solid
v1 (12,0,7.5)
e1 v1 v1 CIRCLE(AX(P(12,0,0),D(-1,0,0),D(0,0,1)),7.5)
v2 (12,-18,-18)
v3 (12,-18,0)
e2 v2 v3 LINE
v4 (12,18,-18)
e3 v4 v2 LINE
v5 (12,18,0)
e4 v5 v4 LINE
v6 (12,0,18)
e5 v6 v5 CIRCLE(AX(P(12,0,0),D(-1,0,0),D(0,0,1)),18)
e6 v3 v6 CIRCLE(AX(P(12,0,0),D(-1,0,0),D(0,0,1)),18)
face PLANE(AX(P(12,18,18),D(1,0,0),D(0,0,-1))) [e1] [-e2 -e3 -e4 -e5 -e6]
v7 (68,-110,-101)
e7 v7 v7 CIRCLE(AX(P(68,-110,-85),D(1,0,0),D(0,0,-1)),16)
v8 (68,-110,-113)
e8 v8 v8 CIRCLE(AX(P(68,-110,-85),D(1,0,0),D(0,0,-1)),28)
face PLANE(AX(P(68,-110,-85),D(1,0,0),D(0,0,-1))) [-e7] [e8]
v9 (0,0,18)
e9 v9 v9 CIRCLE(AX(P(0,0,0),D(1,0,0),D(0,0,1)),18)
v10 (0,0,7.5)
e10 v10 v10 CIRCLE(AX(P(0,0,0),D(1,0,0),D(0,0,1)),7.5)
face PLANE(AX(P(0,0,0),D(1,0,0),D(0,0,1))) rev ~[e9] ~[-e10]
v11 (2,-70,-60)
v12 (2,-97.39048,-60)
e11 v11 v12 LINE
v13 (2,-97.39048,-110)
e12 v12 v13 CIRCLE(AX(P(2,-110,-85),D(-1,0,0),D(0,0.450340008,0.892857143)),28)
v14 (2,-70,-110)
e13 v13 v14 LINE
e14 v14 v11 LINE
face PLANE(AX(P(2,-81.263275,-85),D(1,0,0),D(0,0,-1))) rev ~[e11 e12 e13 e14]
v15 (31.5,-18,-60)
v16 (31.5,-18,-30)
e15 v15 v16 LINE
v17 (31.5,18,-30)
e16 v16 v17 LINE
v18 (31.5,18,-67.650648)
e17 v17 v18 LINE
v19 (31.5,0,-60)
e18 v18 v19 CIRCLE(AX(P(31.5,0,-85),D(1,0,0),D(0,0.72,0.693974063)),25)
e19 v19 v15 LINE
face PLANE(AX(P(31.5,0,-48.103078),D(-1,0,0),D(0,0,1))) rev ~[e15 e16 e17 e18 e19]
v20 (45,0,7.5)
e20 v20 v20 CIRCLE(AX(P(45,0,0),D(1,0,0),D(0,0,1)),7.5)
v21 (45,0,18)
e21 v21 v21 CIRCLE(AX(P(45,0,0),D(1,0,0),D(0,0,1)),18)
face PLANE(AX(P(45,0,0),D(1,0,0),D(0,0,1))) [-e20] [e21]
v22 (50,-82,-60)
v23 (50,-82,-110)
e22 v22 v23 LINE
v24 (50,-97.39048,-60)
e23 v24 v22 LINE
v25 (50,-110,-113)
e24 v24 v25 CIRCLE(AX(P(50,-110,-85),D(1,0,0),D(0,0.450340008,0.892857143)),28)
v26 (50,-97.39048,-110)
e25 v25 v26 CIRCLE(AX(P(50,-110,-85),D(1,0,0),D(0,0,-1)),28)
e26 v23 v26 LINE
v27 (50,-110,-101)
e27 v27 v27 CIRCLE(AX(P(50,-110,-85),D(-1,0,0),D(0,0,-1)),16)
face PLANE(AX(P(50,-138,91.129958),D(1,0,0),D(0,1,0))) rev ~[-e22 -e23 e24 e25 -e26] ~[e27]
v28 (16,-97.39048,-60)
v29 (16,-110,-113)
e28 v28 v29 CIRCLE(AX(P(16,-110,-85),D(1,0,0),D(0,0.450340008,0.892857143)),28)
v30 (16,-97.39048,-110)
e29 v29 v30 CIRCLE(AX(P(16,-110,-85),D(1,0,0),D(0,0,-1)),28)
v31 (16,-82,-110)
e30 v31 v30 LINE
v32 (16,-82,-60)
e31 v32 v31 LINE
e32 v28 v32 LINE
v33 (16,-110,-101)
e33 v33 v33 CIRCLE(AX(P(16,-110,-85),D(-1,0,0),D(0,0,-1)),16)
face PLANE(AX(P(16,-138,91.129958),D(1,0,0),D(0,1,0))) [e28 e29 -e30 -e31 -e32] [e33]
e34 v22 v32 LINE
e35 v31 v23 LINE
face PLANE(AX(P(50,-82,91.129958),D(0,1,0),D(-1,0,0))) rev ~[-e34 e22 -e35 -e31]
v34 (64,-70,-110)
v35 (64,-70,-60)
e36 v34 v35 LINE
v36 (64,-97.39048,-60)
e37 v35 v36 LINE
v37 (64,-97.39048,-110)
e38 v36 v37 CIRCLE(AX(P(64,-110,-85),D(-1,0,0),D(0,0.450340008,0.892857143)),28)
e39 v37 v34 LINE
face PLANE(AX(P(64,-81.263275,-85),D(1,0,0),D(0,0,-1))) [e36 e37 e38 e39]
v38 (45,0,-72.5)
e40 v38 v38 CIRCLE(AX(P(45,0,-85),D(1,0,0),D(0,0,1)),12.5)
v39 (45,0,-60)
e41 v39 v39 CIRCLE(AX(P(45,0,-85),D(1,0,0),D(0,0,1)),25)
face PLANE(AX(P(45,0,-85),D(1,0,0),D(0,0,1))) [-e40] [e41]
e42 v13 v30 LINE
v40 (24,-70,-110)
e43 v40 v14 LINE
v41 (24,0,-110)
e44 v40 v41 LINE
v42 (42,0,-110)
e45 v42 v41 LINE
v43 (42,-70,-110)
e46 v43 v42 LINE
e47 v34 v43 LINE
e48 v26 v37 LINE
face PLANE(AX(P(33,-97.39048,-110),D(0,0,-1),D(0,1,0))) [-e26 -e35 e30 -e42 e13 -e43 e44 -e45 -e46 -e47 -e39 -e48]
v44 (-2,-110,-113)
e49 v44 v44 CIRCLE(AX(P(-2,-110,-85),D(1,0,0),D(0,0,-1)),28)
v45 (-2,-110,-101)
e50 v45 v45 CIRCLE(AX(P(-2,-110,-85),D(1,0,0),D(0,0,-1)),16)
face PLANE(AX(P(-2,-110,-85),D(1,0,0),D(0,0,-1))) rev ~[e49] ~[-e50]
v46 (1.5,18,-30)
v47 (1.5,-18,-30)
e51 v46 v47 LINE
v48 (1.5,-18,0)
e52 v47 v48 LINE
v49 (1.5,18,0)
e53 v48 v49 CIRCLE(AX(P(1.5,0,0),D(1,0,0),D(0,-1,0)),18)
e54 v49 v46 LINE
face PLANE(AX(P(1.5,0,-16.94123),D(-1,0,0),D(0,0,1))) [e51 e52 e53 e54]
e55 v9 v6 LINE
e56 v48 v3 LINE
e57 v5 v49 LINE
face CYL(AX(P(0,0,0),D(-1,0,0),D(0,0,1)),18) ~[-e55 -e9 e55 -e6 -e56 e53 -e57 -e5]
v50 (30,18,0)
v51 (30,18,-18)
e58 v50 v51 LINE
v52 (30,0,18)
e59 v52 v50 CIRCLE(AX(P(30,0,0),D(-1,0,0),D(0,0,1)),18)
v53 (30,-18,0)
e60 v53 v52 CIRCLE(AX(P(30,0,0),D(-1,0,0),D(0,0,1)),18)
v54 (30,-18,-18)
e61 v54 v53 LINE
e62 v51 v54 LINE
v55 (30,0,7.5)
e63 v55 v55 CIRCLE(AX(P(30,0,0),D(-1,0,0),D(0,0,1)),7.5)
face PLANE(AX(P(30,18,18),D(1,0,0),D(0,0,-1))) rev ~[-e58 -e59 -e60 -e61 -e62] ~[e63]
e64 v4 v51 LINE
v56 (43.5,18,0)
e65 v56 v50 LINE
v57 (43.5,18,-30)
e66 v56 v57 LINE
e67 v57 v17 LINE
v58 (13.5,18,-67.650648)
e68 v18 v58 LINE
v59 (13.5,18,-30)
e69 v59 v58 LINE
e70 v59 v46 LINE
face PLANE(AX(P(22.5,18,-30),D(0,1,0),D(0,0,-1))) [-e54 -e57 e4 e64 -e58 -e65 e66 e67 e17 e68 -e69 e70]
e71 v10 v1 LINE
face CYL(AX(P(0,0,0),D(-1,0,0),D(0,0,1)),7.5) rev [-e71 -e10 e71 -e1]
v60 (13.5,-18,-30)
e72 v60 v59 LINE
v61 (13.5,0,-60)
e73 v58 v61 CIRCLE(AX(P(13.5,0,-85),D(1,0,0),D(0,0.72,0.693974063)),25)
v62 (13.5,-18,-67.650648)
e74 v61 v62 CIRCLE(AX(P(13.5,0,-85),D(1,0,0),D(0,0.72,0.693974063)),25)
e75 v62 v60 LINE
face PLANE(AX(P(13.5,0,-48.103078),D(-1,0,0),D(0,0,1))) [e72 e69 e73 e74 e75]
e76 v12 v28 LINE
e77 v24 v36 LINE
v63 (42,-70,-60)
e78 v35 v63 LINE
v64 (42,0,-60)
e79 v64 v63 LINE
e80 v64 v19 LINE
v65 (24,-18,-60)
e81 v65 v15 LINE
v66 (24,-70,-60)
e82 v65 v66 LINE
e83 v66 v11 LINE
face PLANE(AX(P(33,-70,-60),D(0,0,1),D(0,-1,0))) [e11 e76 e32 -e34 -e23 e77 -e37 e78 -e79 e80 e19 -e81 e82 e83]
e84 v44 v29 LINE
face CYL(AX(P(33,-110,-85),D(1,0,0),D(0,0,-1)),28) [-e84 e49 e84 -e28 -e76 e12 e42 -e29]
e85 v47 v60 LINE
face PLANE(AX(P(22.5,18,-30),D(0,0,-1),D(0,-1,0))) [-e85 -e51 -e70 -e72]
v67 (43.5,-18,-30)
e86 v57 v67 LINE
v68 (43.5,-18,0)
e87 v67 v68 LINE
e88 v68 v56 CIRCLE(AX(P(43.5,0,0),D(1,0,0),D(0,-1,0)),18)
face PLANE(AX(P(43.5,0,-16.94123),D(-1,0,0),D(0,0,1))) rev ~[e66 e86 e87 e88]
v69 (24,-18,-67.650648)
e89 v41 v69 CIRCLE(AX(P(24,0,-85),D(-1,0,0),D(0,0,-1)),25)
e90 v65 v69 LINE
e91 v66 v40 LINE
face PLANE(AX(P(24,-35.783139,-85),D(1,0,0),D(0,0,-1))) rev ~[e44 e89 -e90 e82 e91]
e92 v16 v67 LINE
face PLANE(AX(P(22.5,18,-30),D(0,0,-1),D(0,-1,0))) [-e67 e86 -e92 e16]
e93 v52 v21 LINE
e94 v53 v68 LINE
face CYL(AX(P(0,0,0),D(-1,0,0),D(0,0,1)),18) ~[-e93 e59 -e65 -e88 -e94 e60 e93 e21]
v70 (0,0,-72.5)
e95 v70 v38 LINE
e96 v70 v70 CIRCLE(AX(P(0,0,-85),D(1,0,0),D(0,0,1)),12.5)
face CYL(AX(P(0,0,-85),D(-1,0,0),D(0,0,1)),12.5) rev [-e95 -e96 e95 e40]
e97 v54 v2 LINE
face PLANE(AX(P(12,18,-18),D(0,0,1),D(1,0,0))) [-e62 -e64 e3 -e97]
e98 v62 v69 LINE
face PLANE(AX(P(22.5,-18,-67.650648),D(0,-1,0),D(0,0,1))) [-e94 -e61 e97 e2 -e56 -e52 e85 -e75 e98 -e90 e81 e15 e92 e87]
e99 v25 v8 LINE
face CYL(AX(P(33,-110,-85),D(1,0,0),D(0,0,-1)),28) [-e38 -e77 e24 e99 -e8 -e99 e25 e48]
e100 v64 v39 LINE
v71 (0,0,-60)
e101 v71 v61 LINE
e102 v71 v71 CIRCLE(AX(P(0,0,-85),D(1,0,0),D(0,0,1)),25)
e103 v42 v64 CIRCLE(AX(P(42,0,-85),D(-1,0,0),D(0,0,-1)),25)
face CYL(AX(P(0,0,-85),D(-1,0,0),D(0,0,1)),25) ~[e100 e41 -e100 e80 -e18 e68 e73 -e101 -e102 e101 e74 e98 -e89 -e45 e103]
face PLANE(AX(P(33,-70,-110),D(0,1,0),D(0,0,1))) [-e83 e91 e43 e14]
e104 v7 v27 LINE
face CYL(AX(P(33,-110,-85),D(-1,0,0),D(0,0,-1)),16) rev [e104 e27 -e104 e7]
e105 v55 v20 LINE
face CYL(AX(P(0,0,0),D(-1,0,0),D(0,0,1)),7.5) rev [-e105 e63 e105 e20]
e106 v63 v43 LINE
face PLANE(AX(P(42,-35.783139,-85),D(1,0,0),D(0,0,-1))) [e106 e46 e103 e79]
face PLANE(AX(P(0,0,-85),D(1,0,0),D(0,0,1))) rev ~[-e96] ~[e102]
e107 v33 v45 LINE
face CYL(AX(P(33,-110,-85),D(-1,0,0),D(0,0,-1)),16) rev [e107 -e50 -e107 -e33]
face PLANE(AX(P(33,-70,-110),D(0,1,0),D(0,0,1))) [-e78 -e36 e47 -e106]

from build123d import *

# Parameters (mm, degrees)
ESQUISSE1_R                  = 18
ESQUISSE1_R_2                = 7.5
BOSS_EXTRU_1_DEPTH           = 45
ESQUISSE1_R_3                = 25
ESQUISSE1_R_4                = 12.5
BOSS_EXTRU_1_2_DEPTH         = 45
BOSS_EXTRU_2_START           = -3
BOSS_EXTRU_2_DEPTH           = 18
ESQUISSE4_R                  = 28
ESQUISSE4_R_2                = 16
BOSS_EXTRU_3_DEPTH           = 35
BOSS_EXTRU_4_DEPTH           = 31
ENL_V_MAT_EXTRU_1_DEPTH      = 201.129957777
ENL_V_MAT_EXTRU_1_DEPTH_BACK = 201.129957777
ESQUISSE6_W                  = 34
ESQUISSE6_H                  = 56
BOSS_EXTRU_5_DEPTH           = 21
BOSS_EXTRU_6_DEPTH           = 9
ESQUISSE10_W                 = 18
ESQUISSE10_H                 = 36
ENL_V_MAT_EXTRU_2_DEPTH      = 205.276773031


with BuildPart() as part:
    # Esquisse1 → Boss.-Extru.1 (new body)
    with BuildSketch(Plane(origin=(0, 0, 0), x_dir=(0, 0, -1), z_dir=(1, 0, 0))):
        Circle(ESQUISSE1_R)
        Circle(ESQUISSE1_R_2, mode=Mode.SUBTRACT)
    extrude(amount=BOSS_EXTRU_1_DEPTH)

    # Esquisse7 → Boss.-Extru.5 (add, symmetric)
    with BuildSketch(Plane.ZY.offset(-22.5)):
        with BuildLine():
            ThreePointArc((0, -18), (-18, 0), (0, 18))
            Line((0, 18), (-30, 18))
            Line((-30, 18), (-30, -18))
            Line((-30, -18), (0, -18))
        make_face()
    extrude(amount=BOSS_EXTRU_5_DEPTH, both=True)



with BuildPart() as body_2:
    # Esquisse1 → Boss.-Extru.1 2 (new body)
    with BuildSketch(Plane(origin=(0, 0, 0), x_dir=(0, 0, -1), z_dir=(1, 0, 0))):
        with Locations((85, 0)):
            Circle(ESQUISSE1_R_3)
        with Locations((85, 0)):
            Circle(ESQUISSE1_R_4, mode=Mode.SUBTRACT)
    extrude(amount=BOSS_EXTRU_1_2_DEPTH)

    # Esquisse3 → Boss.-Extru.2 (add)
    with BuildSketch(Plane(origin=(45, 0, 0), x_dir=(0, 0, -1), z_dir=(1, 0, 0)).offset(BOSS_EXTRU_2_START)):
        with BuildLine():
            Line((60, 0), (60, -70))
            Line((60, -70), (110, -70))
            Line((110, -70), (110, 0))
            ThreePointArc((110, 0), (85, -25), (60, 0))
        make_face()
    extrude(amount=-BOSS_EXTRU_2_DEPTH)



with BuildPart() as body_3:
    # Esquisse4 → Boss.-Extru.3 (new, symmetric)
    with BuildSketch(Plane(origin=(33, 0, 0), x_dir=(0, 0, -1), z_dir=(1, 0, 0))):
        with Locations((85, -110)):
            Circle(ESQUISSE4_R)
        with Locations((85, -110)):
            Circle(ESQUISSE4_R_2, mode=Mode.SUBTRACT)
    extrude(amount=BOSS_EXTRU_3_DEPTH, both=True)


with BuildPart() as body_2_1:
    add(body_2.part)

    add(body_3.part)  # Boss.-Extru.4 merges body 3
    # Esquisse5 → Boss.-Extru.4 (add, symmetric)
    with BuildSketch(Plane(origin=(33, 0, 0), x_dir=(0, 0, -1), z_dir=(1, 0, 0))):
        with BuildLine():
            Line((60, -70), (60, -97.390479787))
            ThreePointArc((60, -97.390479787), (85, -82), (110, -97.390479787))
            Line((110, -97.390479787), (110, -70))
            Line((110, -70), (60, -70))
        make_face()
    extrude(amount=BOSS_EXTRU_4_DEPTH, both=True)

    # Esquisse6 → Enlèv. mat.-Extru.1 (cut, two sides: drawn at the far end of the back side and taken through both)
    with BuildSketch(Plane(origin=(0, 0, -110), x_dir=(-1, 0, 0), z_dir=(0, 0, -1)).offset(-ENL_V_MAT_EXTRU_1_DEPTH_BACK)):
        with Locations((-33, -110)):
            Rectangle(ESQUISSE6_W, ESQUISSE6_H)
    extrude(amount=ENL_V_MAT_EXTRU_1_DEPTH + ENL_V_MAT_EXTRU_1_DEPTH_BACK, mode=Mode.SUBTRACT)


with BuildPart() as part_1:
    add(part.part)

    add(body_2_1.part)  # Boss.-Extru.6 merges body 2
    # Esquisse7<4> → Boss.-Extru.6 (add, symmetric)
    with BuildSketch(Plane.ZY.offset(-22.5)):
        with BuildLine():
            Line((-30, -18), (-30, 18))
            Line((-30, 18), (-67.650648427, 18))
            ThreePointArc((-67.650648427, 18), (-60, 0), (-67.650648427, -18))
            Line((-67.650648427, -18), (-30, -18))
        make_face()
    extrude(amount=BOSS_EXTRU_6_DEPTH, both=True)

    # Esquisse10 → Enlèv. mat.-Extru.2 (cut, through all)
    with BuildSketch(Plane(origin=(0, 18, 0), x_dir=(1, 0, 0), z_dir=(0, 1, 0))):
        with Locations((21, 0)):
            Rectangle(ESQUISSE10_W, ESQUISSE10_H)
    extrude(amount=-ENL_V_MAT_EXTRU_2_DEPTH, mode=Mode.SUBTRACT)


solid = part_1.part
